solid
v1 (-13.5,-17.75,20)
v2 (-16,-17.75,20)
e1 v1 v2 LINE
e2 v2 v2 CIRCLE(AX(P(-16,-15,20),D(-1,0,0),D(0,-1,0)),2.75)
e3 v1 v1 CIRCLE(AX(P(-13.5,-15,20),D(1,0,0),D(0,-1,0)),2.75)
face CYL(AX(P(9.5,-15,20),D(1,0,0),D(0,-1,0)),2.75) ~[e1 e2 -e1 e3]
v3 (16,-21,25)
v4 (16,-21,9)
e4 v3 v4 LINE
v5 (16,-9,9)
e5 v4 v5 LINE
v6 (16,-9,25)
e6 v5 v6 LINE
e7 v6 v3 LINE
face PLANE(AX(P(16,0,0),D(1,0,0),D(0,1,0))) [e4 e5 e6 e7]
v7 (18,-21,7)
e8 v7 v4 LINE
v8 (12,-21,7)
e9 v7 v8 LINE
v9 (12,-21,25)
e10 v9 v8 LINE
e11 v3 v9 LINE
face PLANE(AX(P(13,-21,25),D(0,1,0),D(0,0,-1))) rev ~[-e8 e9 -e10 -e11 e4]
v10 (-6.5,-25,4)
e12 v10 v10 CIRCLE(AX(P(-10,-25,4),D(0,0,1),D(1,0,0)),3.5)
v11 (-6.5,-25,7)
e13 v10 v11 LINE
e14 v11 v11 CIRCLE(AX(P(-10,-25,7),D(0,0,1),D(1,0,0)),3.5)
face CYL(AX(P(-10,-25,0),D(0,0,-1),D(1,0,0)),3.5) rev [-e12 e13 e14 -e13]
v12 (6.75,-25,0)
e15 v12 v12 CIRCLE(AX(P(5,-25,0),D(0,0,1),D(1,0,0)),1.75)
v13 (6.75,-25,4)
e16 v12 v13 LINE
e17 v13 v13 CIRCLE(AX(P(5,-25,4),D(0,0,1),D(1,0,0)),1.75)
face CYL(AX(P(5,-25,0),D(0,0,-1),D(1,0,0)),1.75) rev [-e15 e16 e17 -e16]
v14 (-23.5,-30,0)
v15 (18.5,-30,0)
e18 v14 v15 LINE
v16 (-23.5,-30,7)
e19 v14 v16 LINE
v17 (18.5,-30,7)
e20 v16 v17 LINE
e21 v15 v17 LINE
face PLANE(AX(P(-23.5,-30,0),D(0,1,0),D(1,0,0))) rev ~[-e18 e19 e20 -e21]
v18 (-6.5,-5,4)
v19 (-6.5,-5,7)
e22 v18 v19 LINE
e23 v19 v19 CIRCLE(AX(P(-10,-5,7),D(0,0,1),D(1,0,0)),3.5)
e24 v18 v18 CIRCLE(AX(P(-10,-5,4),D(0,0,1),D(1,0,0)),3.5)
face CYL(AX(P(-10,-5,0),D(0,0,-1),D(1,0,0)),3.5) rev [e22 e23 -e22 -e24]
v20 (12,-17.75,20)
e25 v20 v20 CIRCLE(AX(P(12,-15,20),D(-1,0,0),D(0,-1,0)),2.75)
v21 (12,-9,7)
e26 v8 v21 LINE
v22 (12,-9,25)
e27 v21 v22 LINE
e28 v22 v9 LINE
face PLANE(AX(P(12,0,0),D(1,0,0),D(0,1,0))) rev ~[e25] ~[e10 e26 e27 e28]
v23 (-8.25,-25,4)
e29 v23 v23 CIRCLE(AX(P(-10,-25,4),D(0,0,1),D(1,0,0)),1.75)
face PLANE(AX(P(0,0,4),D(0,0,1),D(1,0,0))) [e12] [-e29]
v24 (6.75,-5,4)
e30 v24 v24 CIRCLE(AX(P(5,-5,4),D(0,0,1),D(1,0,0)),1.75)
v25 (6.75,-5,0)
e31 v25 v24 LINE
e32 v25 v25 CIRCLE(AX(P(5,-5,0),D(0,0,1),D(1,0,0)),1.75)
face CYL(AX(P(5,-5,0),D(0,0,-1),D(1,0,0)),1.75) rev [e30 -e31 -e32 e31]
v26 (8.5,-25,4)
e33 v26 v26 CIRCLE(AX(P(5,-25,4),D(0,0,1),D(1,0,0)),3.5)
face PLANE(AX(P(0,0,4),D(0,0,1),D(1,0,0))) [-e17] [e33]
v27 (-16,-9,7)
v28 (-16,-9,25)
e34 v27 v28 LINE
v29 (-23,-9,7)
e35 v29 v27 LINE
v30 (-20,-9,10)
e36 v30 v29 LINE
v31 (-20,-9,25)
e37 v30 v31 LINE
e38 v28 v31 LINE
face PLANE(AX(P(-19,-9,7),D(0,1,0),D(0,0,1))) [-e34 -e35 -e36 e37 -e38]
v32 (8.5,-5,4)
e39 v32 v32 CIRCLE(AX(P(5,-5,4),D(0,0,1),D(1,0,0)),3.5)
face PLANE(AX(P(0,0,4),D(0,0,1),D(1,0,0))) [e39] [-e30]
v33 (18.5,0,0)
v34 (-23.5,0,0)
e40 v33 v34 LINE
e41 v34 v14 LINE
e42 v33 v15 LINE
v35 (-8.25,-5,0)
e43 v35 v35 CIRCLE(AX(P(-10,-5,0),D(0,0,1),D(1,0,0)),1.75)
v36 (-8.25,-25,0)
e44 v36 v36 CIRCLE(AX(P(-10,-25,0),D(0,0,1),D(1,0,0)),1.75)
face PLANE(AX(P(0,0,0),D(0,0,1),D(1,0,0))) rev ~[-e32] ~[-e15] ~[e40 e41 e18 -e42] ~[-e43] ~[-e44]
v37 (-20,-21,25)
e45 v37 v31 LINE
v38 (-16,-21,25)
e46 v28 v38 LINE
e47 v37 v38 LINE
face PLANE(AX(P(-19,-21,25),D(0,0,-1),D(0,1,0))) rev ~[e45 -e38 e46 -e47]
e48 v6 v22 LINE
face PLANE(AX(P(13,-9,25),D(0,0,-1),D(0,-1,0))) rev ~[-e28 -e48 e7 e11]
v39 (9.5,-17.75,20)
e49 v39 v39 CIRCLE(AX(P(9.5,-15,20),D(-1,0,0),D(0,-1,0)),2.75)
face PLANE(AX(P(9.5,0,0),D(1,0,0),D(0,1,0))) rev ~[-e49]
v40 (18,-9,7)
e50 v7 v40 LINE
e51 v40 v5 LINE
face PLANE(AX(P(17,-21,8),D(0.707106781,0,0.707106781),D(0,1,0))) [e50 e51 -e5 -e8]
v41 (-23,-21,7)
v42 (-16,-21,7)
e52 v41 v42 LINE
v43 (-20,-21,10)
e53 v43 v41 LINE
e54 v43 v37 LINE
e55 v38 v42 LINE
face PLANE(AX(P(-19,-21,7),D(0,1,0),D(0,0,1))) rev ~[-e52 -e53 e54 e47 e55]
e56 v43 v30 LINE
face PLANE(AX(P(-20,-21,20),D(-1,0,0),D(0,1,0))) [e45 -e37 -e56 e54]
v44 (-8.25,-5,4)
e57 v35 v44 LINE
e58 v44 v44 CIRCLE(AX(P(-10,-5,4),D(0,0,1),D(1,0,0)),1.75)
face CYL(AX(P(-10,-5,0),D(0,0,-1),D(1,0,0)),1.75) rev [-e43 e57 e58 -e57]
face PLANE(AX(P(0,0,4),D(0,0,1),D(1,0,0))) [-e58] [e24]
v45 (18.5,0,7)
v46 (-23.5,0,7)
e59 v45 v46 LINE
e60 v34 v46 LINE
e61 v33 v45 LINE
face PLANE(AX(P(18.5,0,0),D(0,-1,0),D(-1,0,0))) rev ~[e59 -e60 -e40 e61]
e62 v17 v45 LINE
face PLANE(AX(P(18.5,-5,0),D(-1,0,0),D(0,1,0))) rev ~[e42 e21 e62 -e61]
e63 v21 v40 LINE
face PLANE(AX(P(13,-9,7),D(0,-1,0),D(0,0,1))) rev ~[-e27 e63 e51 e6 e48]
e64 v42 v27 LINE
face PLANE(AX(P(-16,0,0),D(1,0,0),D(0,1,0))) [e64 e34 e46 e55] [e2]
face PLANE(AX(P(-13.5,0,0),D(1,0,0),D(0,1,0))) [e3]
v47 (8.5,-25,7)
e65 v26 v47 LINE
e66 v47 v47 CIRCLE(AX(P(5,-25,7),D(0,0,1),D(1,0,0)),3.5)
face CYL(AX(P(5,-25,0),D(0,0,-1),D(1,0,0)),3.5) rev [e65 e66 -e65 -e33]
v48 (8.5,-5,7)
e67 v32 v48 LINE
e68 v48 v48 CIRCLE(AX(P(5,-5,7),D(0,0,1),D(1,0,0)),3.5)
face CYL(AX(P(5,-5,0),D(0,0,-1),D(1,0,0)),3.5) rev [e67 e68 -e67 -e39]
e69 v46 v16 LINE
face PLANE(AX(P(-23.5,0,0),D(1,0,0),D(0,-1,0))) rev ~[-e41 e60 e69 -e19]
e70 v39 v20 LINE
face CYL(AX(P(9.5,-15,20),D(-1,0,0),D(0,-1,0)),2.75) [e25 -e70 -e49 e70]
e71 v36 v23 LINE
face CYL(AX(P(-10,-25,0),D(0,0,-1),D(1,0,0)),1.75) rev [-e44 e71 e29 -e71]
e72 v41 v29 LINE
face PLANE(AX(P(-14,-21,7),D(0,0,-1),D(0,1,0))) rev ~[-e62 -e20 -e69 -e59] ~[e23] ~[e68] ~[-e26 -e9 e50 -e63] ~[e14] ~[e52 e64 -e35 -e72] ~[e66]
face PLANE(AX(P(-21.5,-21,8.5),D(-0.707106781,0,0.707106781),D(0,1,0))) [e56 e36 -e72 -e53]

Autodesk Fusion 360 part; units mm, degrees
sketch "Szkic1" plane through (0, 0, 0) normal (0, 0, 1) x (1, 0, 0)
  line L0 (-23.5, -30) -> (30, -30)
  line L1 (-23.5, 0) -> (-23.5, -30)
  line L2 (30, -30) -> (30, 0)
  line L3 (30, 0) -> (-23.5, 0)
  line L4 (5, -5) -> (7, -5)
  line L5 (18.5, -5) -> (18.5, -30)
  line L6 (18.5, -5) -> (18.5, 0)
  circle A0 centre (5, -25) radius 1.75
  circle A1 centre (5, -5) radius 1.75
  circle A2 centre (-10, -25) radius 1.75
  circle A3 centre (-10, -5) radius 1.75
  circle A4 centre (-10, -25) radius 3.5
  circle A5 centre (5, -25) radius 3.5
  circle A6 centre (5, -5) radius 3.5
  circle A7 centre (-10, -5) radius 3.5
  line L7 (-10, -5) -> (-9, -5)
  line L8 (-9, -5) -> (-2, -5)
  line L9 (-14, -10) -> (-14, -19)
  line L10 (10, -21) -> (10, -9)
  line L11 (10, -9) -> (-14, -9)
  line L12 (-14, -9) -> (-14, -10)
  line L13 (-14, -19) -> (-14, -21)
  line L14 (-14, -21) -> (10, -21)
  dimension "d1" = 13.5
  dimension "d3" = 3.5
  dimension "d4" = 3.5
  dimension "d5" = 3.5
  dimension "d6" = 3.5
  dimension "d7" = 7
  dimension "d8" = 7
  dimension "d9" = 7
  dimension "d10" = 7
extrude "Wyciągnięcie proste1" add sketch "Szkic1" along normal blind 7 contours L0 L1 L3 L5 L6
extrude "Wyciągnięcie proste2" add sketch "Szkic1" along normal blind 20 contours L9 L10 L11 L12 L13 L14
extrude "Wyciągnięcie proste3" add sketch "Szkic1" along normal blind 4 contours A7 | A4 | A5 | A6
extrude "Wyciągnięcie proste4" add 1 faces at (-6, -13, 20) along direction (0, 0, 1) blind 5
sketch "Szkic2" plane through (10, 0, 0) normal (1, 0, 0) x (0, 1, 0)
  line L0 (-21, 7) -> (-9, 7)
  line L1 (-9, 7) -> (-9, 25)
  line L2 (-9, 25) -> (-21, 25)
  line L3 (-21, 25) -> (-21, 7)
  circle A0 centre (-15, 20) radius 3.25
  dimension "d19" = 6.5
extrude "Wyciągnięcie proste5" add sketch "Szkic2" along normal blind 3 contours L0 L1 L2 L3 | A0
extrude "Wyciągnięcie proste6" add 1 faces at (-14, -17, 19) along direction (-1, 0, 0) blind 3
extrude "Wyciągnięcie proste7" cut sketch "Szkic2" against normal blind 24 contours L0 L1 L2 L3 | A0
extrude "Wyciągnięcie proste8" add sketch "Szkic2" against normal blind 22 contours A0
extrude "Wyciągnięcie proste9" add 1 faces at (-12, -14.06, 19.6878) along direction (-1, 0, 0) blind 3
extrude "Wyciągnięcie proste10" cut sketch "Szkic2" against normal blind 21.5 contours A0
extrude "Wyciągnięcie proste11" add sketch "Szkic2" against normal blind 2.5 contours A0
extrude "Wyciągnięcie proste12" cut 1 faces at (-14, -14.919, 10.253) along direction (-1, 0, 0) blind 2
extrude "Wyciągnięcie proste13" cut 1 faces at (10, -14.919, 10.253) along direction (1, 0, 0) blind 2
extrude "Wyciągnięcie proste14" cut 1 faces at (7.5, -14.06, 19.6878) along direction (1, 0, 0) blind 2
extrude "Wyciągnięcie proste15" cut 1 faces at (-11.5, -14.06, 19.6878) along direction (-1, 0, 0) blind 2
extrude "Wyciągnięcie proste16" add 1 faces at (-17, -17, 19) along direction (-1, 0, 0) blind 2
extrude "Wyciągnięcie proste17" add 1 faces at (13, -13, 13) along direction (1, 0, 0) blind 3
extrude "Wyciągnięcie proste18" add 1 faces at (-19, -17, 19) along direction (-1, 0, 0) blind 1
chamfer "Fazowanie1" distance 3 angle 45 1 edges at (-20, -15, 7)
chamfer "Fazowanie2" distance 2 angle 45 1 edges at (16, -15, 7)
sketch "Szkic3" plane through (9.5, 0, 0) normal (-1, 0, 0) x (0, -1, 0)
  circle A0 centre (15, 20) radius 3.25
  circle A1 centre (15, 20) radius 2.75
  dimension "d50" = 5.5
extrude "Wyciągnięcie proste19" cut sketch "Szkic3" against normal blind 2.5
extrude "Wyciągnięcie proste20" cut sketch "Szkic3" along normal blind 25.5
equation "d26 = 2 mm - 24 mm"
